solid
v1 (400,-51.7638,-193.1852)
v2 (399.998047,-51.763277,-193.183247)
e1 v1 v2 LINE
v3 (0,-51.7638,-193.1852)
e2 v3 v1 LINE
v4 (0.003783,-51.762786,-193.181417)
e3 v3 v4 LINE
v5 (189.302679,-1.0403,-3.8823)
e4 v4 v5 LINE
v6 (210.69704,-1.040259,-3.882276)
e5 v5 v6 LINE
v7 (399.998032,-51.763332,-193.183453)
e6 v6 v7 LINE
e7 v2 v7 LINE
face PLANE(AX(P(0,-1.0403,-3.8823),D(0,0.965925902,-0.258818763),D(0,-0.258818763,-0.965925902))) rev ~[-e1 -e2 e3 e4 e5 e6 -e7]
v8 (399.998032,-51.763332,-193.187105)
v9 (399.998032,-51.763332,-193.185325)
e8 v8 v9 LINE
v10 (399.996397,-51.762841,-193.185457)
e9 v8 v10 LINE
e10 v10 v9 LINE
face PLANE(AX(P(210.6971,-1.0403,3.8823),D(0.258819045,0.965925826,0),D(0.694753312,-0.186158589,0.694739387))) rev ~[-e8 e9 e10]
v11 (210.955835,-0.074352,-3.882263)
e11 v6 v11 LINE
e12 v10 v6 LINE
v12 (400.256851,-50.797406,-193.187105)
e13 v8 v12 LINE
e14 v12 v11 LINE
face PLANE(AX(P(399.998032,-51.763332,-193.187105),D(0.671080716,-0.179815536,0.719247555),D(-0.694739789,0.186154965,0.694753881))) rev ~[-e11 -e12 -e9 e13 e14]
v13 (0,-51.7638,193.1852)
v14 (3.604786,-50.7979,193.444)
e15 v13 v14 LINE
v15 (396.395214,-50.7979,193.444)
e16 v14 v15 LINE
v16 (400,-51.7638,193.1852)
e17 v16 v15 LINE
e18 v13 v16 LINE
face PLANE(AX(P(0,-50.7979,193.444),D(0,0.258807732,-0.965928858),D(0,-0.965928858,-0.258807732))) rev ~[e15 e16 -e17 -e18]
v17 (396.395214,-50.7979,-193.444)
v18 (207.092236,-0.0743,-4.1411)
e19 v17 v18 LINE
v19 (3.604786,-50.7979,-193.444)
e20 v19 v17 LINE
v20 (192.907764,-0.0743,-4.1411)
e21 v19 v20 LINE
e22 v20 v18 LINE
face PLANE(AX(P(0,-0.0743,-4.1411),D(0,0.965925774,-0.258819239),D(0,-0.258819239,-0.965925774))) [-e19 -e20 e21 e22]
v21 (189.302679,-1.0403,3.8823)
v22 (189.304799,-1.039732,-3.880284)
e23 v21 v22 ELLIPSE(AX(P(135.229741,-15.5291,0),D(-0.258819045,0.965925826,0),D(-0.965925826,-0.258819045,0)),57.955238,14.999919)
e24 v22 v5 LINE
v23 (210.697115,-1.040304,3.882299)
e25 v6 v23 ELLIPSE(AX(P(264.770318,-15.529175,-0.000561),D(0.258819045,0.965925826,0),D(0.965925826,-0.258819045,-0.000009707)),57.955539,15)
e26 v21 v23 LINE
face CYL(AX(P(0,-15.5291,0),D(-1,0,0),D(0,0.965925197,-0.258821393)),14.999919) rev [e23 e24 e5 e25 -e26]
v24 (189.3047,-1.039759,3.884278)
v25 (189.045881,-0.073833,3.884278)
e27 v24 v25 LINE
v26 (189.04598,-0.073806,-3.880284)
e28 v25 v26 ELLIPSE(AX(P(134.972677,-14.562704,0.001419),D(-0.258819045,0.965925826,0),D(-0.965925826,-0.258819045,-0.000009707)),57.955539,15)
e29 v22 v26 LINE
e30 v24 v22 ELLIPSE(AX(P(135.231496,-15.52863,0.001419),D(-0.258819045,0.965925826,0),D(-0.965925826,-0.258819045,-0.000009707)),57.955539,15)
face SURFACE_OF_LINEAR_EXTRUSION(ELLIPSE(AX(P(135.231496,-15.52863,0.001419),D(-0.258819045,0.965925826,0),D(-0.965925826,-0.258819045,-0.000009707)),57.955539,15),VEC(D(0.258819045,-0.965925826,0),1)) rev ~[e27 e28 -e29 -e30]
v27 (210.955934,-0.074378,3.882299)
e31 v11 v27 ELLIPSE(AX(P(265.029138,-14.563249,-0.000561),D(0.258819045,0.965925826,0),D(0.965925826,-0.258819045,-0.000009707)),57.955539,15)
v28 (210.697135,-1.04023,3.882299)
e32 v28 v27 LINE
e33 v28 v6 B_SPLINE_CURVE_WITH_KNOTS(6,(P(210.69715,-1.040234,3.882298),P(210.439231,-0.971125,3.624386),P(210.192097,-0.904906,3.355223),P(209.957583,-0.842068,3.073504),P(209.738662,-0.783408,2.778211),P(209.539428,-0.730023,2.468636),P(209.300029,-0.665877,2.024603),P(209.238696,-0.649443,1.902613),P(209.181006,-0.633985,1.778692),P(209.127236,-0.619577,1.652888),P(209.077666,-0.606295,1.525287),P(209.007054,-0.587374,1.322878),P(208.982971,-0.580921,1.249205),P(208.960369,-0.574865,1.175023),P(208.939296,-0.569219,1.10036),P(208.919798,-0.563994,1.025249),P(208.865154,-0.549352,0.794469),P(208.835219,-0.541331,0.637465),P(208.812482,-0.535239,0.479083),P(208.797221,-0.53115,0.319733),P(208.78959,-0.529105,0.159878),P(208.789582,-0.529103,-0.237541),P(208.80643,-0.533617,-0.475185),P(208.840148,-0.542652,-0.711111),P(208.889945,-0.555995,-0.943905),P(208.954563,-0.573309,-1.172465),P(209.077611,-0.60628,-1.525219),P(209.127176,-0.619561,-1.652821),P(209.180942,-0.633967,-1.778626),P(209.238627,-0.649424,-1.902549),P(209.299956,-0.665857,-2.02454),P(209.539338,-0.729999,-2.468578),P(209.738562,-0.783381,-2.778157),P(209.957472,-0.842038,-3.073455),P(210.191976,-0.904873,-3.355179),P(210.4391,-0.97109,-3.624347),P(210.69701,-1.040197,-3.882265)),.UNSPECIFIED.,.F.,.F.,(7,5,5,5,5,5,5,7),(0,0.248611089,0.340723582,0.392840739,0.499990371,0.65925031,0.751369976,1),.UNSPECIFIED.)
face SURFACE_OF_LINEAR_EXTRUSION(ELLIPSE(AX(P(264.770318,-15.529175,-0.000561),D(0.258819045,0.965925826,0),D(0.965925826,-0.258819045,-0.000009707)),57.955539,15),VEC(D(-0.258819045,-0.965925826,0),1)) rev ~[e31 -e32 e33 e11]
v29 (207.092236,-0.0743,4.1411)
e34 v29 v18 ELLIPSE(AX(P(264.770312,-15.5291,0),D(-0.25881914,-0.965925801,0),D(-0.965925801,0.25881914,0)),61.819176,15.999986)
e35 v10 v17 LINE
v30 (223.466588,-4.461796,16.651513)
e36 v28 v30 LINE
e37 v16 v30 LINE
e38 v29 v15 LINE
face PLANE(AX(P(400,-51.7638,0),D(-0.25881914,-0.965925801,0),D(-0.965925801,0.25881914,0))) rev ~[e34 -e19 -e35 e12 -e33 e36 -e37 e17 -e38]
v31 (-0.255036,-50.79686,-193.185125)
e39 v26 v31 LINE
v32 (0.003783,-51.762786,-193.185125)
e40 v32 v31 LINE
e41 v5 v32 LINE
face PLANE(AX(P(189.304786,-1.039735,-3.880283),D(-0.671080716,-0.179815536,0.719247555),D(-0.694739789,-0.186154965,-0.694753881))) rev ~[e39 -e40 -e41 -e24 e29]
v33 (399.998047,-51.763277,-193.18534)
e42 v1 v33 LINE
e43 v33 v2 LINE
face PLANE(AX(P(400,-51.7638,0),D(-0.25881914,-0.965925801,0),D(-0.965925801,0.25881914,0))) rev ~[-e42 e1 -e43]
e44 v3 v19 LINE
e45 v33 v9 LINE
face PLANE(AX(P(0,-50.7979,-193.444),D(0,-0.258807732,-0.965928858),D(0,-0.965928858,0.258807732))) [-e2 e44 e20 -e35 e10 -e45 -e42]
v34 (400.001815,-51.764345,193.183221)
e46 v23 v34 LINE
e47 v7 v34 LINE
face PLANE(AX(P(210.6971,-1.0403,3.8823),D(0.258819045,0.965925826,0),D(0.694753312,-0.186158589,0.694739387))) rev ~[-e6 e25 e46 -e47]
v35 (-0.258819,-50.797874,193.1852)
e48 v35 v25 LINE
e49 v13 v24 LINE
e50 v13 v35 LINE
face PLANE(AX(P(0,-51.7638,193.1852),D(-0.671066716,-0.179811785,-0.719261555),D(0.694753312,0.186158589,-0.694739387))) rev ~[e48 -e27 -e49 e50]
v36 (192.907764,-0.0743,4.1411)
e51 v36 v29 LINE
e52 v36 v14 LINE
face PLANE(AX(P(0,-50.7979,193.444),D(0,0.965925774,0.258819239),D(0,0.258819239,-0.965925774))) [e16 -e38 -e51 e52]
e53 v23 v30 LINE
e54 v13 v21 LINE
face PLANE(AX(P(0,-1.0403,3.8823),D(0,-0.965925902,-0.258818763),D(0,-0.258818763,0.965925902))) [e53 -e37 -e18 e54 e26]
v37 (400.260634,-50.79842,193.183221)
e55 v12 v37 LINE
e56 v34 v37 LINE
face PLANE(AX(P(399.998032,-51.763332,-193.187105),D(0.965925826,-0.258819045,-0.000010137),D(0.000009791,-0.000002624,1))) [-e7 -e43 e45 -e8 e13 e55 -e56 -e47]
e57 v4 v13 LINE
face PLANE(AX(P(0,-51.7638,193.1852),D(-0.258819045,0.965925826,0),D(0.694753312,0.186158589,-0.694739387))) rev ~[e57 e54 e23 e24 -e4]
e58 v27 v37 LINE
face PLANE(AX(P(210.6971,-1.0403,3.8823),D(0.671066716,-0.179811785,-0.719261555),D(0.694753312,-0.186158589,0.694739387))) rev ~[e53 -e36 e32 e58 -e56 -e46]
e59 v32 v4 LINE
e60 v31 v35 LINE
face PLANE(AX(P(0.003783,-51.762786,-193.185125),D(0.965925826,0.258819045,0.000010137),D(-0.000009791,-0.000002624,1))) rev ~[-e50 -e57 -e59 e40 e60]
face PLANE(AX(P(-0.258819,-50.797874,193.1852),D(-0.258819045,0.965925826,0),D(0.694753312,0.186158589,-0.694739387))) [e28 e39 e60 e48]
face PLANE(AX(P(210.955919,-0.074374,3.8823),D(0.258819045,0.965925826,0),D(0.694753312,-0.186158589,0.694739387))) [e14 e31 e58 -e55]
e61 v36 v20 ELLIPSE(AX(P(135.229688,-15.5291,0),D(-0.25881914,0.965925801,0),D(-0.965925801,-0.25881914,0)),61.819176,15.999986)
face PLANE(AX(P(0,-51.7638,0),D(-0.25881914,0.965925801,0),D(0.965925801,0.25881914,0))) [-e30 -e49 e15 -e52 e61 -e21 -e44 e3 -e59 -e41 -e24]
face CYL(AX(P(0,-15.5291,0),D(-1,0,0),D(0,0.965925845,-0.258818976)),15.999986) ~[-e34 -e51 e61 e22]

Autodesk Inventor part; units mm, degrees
ref_plane "YZ Plane" through (0, 0, 0) normal (1, 0, 0) x (0, 1, 0)
ref_plane "XZ Plane" through (0, 0, 0) normal (0, 1, 0) x (-1, 0, 0)
ref_plane "XY Plane" through (0, 0, 0) normal (0, 0, 1) x (1, 0, 0)
sketch "Sketch20" plane through (0, 0, 0) normal (1, 0, 0) x (0, 1, 0)
  line L0 (-1.0403, 3.8823) -> (-51.7638, 193.1852)
  line L1 (0, 0) -> (195.9808, 0) construction
  line L2 (-1.0403, -3.8823) -> (-51.7638, -193.1852)
  line L3 (0, 0) -> (200, 0) construction
  arc A0 (-1.0403, -3.8823) -> (-1.0403, 3.8823) centre (-15.5291, 0) ccw
  line L4 (-50.7979, 193.444) -> (-0.0743, 4.1411)
  arc A1 (-0.0743, -4.1411) -> (-0.0743, 4.1411) centre (-15.5291, 0) ccw
  line L5 (-0.0743, -4.1411) -> (-50.7979, -193.444)
  line L6 (-50.7979, 193.444) -> (-51.7638, 193.1852)
  line L7 (-50.7979, -193.444) -> (-51.7638, -193.1852)
  dimension "d97" = 90
  dimension "d81" = 200
  dimension "d82" = 105
  dimension "d83" = 200
  dimension "d84" = 105
  dimension "d85" = 15
  dimension "d86" = 1
  dimension "d87" = 90
  dimension "d88" = 90
extrude "Extrusion7" add sketch "Sketch20" along normal blind 400
sketch "Sketch21" plane through (0, 0, 0) normal (0, 0, 1) x (1, 0, 0)
  line L0 (0, -51.7638) -> (0, -1.0403) projected
  line L1 (0, -51.7638) -> (196.1177, 0.7858)
  line L2 (0, -51.7638) -> (210, -51.7638) construction
  line L3 (400, -50.7979) -> (400, -51.7638) projected
  line L4 (400, -51.7638) -> (203.8823, 0.7858)
  line L5 (400, -51.7638) -> (610, -51.7638) construction
  arc A0 (203.8823, 0.7858) -> (196.1177, 0.7858) centre (200, -13.7031) ccw
  line L6 (400, -51.7638) -> (400, 8.2362)
  line L7 (400, -0.0743) -> (400, -50.7979) projected
  line L8 (400, -51.7638) -> (460, -51.7638) construction
  line L9 (0, -51.7638) -> (0, 8.2362)
  line L10 (400, 8.2362) -> (0, 8.2362)
  point P0 (0, 0)
  dimension "d92" = 15
  dimension "d94" = 165
  dimension "d95" = 15
  dimension "d96" = 60
  dimension "d97" = 90
extrude "Extrusion8" cut sketch "Sketch21" along normal through all both and the other way through all
sketch "Sketch22" plane through (210.6971, -1.0403, 3.8823) normal (0.2588, 0.9659, 0) x (0.6947, -0.1862, 0.6947)
  line L0 (272.4776, 0) -> (269.9731, -2.779) projected
  line L1 (0, 0) -> (272.4776, 0) projected
  ellipse E0 centre (37.5672, 41.6848) end of major axis (79.252, 81.9492) minor radius 15 (-5.3944, 5.5847) -> (0, 0) ccw projected
  line L2 (4.0481, 277.8986) -> (-5.3944, 5.5847) projected
  line L3 (1.184, 275.492) -> (4.0481, 277.8986) projected
  line L4 (-8.2585, 3.178) -> (1.184, 275.492) projected
  ellipse E1 centre (37.5672, 41.6848) end of major axis (-6.8966, -1.2639) minor radius 16 (-8.2585, 3.178) -> (-2.5045, -2.779) ccw projected
  line L5 (269.9731, -2.779) -> (-2.5045, -2.779) projected
  line L6 (4.0481, 277.8986) -> (-5.3944, 5.5847) projected
  line L7 (4.0481, 277.8986) -> (272.4776, 0)
  point P0 (-149.272, -138.788)
extrude "Extrusion9" add sketch "Sketch22" along normal blind 1 contours L1 E0 L2 L7
sketch "Sketch24" plane through (0, -51.7638, 193.1852) normal (-0.2588, 0.9659, 0) x (0.6947, 0.1862, -0.6947)
  line L0 (0, 0) -> (272.4776, 0) projected
  line L1 (2.5045, -2.779) -> (0, 0) projected
  line L2 (274.9821, -2.779) -> (2.5045, -2.779) projected
  ellipse E0 centre (234.9104, 41.6848) end of major axis (279.3742, -1.2639) minor radius 16 (274.9821, -2.779) -> (280.7361, 3.178) ccw projected
  line L3 (271.2936, 275.492) -> (280.7361, 3.178) projected
  line L4 (268.4295, 277.8986) -> (271.2936, 275.492) projected
  line L5 (277.872, 5.5847) -> (268.4295, 277.8986) projected
  ellipse E1 centre (234.9104, 41.6848) end of major axis (193.2256, 81.9492) minor radius 15 (272.4776, 0) -> (277.872, 5.5847) ccw projected
  line L6 (277.872, 5.5847) -> (268.4295, 277.8986) projected
  line L7 (268.4295, 277.8986) -> (0, 0)
  point P0 (143.8509, 129.6415)
extrude "Extrusion10" add sketch "Sketch24" along normal blind 1 contours L7 L5 E1 L0
equation "\"BendRadius\" = Thickness"
equation "\"BendReliefWidth\" = Thickness"
equation "\"BendReliefDepth\" = 0.5 * Thickness"
equation "\"CornerReliefSize\" = 4 * Thickness"
equation "\"MinimumRemnant\" = 2 * Thickness"
equation "\"TransitionRadius\" = BendRadius"
equation "\"JacobiRadiusSize\" = Thickness"
equation "\"GapSize\" = Thickness"
equation "\"Thickness\" = 0.5"
properties part number "chimneyRoof"
